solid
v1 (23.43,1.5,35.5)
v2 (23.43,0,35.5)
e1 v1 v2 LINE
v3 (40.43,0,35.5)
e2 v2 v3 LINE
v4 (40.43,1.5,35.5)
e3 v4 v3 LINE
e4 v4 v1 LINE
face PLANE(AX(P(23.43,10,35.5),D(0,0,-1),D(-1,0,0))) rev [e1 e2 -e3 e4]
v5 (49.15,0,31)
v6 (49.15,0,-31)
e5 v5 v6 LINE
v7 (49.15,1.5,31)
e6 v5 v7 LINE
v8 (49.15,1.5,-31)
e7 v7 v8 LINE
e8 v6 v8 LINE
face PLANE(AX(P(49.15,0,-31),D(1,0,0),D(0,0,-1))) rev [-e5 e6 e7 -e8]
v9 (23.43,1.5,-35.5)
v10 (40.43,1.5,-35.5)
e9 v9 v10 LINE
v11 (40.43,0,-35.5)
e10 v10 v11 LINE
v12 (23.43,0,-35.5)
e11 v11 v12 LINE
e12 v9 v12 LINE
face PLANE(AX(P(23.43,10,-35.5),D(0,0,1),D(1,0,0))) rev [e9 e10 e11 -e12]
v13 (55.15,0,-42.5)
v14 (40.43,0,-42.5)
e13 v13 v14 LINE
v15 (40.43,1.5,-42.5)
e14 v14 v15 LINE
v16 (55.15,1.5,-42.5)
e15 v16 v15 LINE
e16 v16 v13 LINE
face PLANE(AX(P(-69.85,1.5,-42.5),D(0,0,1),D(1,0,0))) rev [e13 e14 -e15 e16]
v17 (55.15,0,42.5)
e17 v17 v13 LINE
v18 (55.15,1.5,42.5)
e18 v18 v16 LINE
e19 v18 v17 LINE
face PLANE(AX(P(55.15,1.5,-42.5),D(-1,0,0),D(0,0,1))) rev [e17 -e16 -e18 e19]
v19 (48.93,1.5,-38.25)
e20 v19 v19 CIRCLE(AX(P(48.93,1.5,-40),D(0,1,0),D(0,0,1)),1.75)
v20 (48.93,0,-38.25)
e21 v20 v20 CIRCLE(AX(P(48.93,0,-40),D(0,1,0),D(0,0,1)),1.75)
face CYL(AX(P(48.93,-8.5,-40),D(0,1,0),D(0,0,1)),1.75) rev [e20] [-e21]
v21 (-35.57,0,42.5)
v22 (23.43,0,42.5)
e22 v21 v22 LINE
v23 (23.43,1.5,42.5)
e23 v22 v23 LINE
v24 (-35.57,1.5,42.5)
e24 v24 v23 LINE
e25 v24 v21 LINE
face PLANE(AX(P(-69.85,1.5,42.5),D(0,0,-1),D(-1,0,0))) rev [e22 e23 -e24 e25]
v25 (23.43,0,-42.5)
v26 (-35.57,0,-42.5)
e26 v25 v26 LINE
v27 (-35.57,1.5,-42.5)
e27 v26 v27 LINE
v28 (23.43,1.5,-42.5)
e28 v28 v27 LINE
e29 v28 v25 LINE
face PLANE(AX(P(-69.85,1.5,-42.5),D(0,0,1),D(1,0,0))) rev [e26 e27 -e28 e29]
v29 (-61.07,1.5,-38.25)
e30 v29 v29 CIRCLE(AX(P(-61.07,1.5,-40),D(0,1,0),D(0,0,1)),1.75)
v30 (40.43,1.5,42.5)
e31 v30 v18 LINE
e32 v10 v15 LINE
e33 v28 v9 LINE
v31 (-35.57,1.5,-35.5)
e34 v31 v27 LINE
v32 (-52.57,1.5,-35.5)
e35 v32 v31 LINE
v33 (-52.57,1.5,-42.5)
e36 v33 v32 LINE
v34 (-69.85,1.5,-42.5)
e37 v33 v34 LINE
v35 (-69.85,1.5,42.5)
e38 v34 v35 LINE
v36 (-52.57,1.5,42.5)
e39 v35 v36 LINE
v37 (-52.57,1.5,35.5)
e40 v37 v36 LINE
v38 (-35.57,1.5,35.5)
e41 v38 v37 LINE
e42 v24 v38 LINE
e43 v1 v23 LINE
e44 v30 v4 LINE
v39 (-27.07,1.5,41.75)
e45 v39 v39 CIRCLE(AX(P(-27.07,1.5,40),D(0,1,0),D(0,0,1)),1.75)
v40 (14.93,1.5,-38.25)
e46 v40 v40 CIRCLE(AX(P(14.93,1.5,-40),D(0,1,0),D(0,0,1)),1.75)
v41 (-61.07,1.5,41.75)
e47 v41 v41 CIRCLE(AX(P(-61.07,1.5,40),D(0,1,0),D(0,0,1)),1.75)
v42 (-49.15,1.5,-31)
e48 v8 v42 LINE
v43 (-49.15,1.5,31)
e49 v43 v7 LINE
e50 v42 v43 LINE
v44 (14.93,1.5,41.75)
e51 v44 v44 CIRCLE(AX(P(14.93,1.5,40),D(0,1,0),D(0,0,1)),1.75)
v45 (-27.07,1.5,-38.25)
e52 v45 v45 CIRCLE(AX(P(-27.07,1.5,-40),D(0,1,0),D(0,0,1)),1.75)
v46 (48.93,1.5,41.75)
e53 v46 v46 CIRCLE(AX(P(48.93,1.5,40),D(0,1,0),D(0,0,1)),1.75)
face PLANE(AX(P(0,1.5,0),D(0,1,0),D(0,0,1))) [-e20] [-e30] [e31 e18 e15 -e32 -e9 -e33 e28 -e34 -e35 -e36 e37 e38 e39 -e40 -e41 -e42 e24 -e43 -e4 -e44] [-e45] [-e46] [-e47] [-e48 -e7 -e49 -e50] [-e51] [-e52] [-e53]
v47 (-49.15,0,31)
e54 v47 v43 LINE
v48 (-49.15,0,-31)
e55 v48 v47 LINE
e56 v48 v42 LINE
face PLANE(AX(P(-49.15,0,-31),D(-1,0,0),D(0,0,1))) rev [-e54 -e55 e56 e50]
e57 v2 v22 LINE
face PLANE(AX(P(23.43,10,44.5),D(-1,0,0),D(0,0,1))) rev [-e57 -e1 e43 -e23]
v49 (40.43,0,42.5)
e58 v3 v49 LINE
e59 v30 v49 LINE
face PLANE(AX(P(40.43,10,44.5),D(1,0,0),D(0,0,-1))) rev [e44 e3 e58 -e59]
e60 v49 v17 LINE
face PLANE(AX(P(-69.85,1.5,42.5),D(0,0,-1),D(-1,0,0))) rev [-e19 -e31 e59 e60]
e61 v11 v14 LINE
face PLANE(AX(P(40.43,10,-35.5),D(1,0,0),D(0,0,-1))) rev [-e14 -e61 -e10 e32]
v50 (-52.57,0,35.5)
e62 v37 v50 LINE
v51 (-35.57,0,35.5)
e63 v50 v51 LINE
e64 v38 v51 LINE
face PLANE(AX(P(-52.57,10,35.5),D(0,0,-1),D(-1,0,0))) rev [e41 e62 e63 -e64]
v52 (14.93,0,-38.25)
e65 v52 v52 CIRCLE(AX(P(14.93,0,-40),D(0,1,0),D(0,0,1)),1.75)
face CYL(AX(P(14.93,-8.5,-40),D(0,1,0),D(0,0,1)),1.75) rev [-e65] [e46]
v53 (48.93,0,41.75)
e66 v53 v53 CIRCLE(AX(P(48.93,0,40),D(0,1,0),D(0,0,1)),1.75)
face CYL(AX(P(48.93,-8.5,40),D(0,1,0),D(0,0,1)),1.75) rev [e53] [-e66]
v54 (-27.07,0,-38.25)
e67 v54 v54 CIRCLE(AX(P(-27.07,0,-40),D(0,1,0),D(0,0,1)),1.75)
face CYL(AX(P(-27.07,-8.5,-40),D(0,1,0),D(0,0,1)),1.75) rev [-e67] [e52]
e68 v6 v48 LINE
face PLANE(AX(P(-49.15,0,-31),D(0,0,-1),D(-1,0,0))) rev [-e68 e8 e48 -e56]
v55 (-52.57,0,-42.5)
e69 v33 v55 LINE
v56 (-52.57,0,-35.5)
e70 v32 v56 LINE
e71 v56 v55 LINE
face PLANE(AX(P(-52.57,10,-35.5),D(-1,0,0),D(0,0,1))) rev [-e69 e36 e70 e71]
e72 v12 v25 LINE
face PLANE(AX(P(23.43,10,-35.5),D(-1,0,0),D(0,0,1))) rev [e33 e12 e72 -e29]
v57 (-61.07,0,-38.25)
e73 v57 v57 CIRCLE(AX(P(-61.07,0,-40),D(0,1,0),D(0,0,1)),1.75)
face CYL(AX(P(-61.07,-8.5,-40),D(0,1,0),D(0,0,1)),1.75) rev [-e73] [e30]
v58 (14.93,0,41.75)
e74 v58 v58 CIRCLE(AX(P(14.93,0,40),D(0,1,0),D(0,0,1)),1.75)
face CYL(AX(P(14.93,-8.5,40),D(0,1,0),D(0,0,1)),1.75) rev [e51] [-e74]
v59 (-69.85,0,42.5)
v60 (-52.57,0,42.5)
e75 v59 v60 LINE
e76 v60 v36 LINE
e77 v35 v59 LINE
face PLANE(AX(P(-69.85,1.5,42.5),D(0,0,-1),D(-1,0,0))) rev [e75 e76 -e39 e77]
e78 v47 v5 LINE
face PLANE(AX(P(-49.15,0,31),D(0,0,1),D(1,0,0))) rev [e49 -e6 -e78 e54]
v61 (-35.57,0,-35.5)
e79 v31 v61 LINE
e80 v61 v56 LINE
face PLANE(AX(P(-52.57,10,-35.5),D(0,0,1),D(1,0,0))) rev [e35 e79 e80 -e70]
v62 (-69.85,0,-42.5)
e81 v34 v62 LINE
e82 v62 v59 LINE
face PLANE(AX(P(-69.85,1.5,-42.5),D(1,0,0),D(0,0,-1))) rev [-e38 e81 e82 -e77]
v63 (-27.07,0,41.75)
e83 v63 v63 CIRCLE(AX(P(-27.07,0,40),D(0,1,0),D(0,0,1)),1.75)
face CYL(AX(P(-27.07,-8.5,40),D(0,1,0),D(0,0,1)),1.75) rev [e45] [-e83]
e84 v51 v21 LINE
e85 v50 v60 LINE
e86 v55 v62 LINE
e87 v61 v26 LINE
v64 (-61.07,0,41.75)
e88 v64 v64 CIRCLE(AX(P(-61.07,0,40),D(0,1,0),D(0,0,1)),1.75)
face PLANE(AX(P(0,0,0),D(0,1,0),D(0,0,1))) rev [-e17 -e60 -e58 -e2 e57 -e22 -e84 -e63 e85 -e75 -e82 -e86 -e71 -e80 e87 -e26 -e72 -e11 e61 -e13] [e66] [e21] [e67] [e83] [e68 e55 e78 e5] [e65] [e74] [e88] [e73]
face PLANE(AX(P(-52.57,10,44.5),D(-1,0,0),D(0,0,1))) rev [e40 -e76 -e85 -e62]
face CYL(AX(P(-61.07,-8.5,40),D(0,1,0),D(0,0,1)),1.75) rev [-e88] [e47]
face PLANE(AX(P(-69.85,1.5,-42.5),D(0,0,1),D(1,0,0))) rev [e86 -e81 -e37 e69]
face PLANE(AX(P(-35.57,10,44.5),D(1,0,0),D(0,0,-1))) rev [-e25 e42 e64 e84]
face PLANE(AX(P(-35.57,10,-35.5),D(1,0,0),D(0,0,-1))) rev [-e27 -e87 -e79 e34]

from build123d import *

# Parameters (mm, degrees)
SKETCH_1_W          = 125
SKETCH_1_H          = 85
EXTRUDE_1_DEPTH     = 1.5
SKETCH_2_W          = 98.3
SKETCH_2_H          = 62
CUT_EXTRUDE_1_DEPTH = 1.5
SKETCH_4_R          = 1.75
CUT_EXTRUDE_2_DEPTH = 10
SKETCH_5_R          = 1.75
CUT_EXTRUDE_3_DEPTH = 10
SKETCH_6_W          = 17
SKETCH_6_H          = 9
CUT_EXTRUDE_4_DEPTH = 10


with BuildPart() as part:
    # 스케치1 → 보스-돌출1 (new body)
    with BuildSketch(Plane(origin=(0, 0, 0), x_dir=(1, 0, 0), z_dir=(0, 1, 0))):
        with Locations((-7.35, 0)):
            Rectangle(SKETCH_1_W, SKETCH_1_H)
    extrude(amount=EXTRUDE_1_DEPTH)

    # 스케치2 → 컷-돌출1 (cut)
    with BuildSketch(Plane(origin=(0, 1.5, 0), x_dir=(1, 0, 0), z_dir=(0, 1, 0))):
        Rectangle(SKETCH_2_W, SKETCH_2_H)
    extrude(amount=-CUT_EXTRUDE_1_DEPTH, mode=Mode.SUBTRACT)

    # 스케치4 → 컷-돌출2 (cut)
    with BuildSketch(Plane(origin=(0, 1.5, 0), x_dir=(1, 0, 0), z_dir=(0, 1, 0))):
        with Locations((-61.07, 40)):
            Circle(SKETCH_4_R)
        with Locations((48.93, 40)):
            Circle(SKETCH_4_R)
        with Locations((48.93, -40)):
            Circle(SKETCH_4_R)
        with Locations((-61.07, -40)):
            Circle(SKETCH_4_R)
    extrude(amount=-CUT_EXTRUDE_2_DEPTH, mode=Mode.SUBTRACT)

    # 스케치5 → 컷-돌출3 (cut)
    with BuildSketch(Plane(origin=(0, 1.5, 0), x_dir=(1, 0, 0), z_dir=(0, 1, 0))):
        with Locations((-27.07, -40)):
            Circle(SKETCH_5_R)
        with Locations((14.93, -40)):
            Circle(SKETCH_5_R)
        with Locations((-27.07, 40)):
            Circle(SKETCH_5_R)
        with Locations((14.93, 40)):
            Circle(SKETCH_5_R)
    extrude(amount=-CUT_EXTRUDE_3_DEPTH, mode=Mode.SUBTRACT)

    # 스케치6 → 컷-돌출4 (cut)
    with BuildSketch(Plane.XZ):
        with Locations((-44.07, 40)):
            Rectangle(SKETCH_6_W, SKETCH_6_H)
        with Locations((31.93, 40)):
            Rectangle(SKETCH_6_W, SKETCH_6_H)
        with Locations((-44.07, -40)):
            Rectangle(SKETCH_6_W, SKETCH_6_H)
        with Locations((31.93, -40)):
            Rectangle(SKETCH_6_W, SKETCH_6_H)
    extrude(amount=-CUT_EXTRUDE_4_DEPTH, mode=Mode.SUBTRACT)


solid = part.part
